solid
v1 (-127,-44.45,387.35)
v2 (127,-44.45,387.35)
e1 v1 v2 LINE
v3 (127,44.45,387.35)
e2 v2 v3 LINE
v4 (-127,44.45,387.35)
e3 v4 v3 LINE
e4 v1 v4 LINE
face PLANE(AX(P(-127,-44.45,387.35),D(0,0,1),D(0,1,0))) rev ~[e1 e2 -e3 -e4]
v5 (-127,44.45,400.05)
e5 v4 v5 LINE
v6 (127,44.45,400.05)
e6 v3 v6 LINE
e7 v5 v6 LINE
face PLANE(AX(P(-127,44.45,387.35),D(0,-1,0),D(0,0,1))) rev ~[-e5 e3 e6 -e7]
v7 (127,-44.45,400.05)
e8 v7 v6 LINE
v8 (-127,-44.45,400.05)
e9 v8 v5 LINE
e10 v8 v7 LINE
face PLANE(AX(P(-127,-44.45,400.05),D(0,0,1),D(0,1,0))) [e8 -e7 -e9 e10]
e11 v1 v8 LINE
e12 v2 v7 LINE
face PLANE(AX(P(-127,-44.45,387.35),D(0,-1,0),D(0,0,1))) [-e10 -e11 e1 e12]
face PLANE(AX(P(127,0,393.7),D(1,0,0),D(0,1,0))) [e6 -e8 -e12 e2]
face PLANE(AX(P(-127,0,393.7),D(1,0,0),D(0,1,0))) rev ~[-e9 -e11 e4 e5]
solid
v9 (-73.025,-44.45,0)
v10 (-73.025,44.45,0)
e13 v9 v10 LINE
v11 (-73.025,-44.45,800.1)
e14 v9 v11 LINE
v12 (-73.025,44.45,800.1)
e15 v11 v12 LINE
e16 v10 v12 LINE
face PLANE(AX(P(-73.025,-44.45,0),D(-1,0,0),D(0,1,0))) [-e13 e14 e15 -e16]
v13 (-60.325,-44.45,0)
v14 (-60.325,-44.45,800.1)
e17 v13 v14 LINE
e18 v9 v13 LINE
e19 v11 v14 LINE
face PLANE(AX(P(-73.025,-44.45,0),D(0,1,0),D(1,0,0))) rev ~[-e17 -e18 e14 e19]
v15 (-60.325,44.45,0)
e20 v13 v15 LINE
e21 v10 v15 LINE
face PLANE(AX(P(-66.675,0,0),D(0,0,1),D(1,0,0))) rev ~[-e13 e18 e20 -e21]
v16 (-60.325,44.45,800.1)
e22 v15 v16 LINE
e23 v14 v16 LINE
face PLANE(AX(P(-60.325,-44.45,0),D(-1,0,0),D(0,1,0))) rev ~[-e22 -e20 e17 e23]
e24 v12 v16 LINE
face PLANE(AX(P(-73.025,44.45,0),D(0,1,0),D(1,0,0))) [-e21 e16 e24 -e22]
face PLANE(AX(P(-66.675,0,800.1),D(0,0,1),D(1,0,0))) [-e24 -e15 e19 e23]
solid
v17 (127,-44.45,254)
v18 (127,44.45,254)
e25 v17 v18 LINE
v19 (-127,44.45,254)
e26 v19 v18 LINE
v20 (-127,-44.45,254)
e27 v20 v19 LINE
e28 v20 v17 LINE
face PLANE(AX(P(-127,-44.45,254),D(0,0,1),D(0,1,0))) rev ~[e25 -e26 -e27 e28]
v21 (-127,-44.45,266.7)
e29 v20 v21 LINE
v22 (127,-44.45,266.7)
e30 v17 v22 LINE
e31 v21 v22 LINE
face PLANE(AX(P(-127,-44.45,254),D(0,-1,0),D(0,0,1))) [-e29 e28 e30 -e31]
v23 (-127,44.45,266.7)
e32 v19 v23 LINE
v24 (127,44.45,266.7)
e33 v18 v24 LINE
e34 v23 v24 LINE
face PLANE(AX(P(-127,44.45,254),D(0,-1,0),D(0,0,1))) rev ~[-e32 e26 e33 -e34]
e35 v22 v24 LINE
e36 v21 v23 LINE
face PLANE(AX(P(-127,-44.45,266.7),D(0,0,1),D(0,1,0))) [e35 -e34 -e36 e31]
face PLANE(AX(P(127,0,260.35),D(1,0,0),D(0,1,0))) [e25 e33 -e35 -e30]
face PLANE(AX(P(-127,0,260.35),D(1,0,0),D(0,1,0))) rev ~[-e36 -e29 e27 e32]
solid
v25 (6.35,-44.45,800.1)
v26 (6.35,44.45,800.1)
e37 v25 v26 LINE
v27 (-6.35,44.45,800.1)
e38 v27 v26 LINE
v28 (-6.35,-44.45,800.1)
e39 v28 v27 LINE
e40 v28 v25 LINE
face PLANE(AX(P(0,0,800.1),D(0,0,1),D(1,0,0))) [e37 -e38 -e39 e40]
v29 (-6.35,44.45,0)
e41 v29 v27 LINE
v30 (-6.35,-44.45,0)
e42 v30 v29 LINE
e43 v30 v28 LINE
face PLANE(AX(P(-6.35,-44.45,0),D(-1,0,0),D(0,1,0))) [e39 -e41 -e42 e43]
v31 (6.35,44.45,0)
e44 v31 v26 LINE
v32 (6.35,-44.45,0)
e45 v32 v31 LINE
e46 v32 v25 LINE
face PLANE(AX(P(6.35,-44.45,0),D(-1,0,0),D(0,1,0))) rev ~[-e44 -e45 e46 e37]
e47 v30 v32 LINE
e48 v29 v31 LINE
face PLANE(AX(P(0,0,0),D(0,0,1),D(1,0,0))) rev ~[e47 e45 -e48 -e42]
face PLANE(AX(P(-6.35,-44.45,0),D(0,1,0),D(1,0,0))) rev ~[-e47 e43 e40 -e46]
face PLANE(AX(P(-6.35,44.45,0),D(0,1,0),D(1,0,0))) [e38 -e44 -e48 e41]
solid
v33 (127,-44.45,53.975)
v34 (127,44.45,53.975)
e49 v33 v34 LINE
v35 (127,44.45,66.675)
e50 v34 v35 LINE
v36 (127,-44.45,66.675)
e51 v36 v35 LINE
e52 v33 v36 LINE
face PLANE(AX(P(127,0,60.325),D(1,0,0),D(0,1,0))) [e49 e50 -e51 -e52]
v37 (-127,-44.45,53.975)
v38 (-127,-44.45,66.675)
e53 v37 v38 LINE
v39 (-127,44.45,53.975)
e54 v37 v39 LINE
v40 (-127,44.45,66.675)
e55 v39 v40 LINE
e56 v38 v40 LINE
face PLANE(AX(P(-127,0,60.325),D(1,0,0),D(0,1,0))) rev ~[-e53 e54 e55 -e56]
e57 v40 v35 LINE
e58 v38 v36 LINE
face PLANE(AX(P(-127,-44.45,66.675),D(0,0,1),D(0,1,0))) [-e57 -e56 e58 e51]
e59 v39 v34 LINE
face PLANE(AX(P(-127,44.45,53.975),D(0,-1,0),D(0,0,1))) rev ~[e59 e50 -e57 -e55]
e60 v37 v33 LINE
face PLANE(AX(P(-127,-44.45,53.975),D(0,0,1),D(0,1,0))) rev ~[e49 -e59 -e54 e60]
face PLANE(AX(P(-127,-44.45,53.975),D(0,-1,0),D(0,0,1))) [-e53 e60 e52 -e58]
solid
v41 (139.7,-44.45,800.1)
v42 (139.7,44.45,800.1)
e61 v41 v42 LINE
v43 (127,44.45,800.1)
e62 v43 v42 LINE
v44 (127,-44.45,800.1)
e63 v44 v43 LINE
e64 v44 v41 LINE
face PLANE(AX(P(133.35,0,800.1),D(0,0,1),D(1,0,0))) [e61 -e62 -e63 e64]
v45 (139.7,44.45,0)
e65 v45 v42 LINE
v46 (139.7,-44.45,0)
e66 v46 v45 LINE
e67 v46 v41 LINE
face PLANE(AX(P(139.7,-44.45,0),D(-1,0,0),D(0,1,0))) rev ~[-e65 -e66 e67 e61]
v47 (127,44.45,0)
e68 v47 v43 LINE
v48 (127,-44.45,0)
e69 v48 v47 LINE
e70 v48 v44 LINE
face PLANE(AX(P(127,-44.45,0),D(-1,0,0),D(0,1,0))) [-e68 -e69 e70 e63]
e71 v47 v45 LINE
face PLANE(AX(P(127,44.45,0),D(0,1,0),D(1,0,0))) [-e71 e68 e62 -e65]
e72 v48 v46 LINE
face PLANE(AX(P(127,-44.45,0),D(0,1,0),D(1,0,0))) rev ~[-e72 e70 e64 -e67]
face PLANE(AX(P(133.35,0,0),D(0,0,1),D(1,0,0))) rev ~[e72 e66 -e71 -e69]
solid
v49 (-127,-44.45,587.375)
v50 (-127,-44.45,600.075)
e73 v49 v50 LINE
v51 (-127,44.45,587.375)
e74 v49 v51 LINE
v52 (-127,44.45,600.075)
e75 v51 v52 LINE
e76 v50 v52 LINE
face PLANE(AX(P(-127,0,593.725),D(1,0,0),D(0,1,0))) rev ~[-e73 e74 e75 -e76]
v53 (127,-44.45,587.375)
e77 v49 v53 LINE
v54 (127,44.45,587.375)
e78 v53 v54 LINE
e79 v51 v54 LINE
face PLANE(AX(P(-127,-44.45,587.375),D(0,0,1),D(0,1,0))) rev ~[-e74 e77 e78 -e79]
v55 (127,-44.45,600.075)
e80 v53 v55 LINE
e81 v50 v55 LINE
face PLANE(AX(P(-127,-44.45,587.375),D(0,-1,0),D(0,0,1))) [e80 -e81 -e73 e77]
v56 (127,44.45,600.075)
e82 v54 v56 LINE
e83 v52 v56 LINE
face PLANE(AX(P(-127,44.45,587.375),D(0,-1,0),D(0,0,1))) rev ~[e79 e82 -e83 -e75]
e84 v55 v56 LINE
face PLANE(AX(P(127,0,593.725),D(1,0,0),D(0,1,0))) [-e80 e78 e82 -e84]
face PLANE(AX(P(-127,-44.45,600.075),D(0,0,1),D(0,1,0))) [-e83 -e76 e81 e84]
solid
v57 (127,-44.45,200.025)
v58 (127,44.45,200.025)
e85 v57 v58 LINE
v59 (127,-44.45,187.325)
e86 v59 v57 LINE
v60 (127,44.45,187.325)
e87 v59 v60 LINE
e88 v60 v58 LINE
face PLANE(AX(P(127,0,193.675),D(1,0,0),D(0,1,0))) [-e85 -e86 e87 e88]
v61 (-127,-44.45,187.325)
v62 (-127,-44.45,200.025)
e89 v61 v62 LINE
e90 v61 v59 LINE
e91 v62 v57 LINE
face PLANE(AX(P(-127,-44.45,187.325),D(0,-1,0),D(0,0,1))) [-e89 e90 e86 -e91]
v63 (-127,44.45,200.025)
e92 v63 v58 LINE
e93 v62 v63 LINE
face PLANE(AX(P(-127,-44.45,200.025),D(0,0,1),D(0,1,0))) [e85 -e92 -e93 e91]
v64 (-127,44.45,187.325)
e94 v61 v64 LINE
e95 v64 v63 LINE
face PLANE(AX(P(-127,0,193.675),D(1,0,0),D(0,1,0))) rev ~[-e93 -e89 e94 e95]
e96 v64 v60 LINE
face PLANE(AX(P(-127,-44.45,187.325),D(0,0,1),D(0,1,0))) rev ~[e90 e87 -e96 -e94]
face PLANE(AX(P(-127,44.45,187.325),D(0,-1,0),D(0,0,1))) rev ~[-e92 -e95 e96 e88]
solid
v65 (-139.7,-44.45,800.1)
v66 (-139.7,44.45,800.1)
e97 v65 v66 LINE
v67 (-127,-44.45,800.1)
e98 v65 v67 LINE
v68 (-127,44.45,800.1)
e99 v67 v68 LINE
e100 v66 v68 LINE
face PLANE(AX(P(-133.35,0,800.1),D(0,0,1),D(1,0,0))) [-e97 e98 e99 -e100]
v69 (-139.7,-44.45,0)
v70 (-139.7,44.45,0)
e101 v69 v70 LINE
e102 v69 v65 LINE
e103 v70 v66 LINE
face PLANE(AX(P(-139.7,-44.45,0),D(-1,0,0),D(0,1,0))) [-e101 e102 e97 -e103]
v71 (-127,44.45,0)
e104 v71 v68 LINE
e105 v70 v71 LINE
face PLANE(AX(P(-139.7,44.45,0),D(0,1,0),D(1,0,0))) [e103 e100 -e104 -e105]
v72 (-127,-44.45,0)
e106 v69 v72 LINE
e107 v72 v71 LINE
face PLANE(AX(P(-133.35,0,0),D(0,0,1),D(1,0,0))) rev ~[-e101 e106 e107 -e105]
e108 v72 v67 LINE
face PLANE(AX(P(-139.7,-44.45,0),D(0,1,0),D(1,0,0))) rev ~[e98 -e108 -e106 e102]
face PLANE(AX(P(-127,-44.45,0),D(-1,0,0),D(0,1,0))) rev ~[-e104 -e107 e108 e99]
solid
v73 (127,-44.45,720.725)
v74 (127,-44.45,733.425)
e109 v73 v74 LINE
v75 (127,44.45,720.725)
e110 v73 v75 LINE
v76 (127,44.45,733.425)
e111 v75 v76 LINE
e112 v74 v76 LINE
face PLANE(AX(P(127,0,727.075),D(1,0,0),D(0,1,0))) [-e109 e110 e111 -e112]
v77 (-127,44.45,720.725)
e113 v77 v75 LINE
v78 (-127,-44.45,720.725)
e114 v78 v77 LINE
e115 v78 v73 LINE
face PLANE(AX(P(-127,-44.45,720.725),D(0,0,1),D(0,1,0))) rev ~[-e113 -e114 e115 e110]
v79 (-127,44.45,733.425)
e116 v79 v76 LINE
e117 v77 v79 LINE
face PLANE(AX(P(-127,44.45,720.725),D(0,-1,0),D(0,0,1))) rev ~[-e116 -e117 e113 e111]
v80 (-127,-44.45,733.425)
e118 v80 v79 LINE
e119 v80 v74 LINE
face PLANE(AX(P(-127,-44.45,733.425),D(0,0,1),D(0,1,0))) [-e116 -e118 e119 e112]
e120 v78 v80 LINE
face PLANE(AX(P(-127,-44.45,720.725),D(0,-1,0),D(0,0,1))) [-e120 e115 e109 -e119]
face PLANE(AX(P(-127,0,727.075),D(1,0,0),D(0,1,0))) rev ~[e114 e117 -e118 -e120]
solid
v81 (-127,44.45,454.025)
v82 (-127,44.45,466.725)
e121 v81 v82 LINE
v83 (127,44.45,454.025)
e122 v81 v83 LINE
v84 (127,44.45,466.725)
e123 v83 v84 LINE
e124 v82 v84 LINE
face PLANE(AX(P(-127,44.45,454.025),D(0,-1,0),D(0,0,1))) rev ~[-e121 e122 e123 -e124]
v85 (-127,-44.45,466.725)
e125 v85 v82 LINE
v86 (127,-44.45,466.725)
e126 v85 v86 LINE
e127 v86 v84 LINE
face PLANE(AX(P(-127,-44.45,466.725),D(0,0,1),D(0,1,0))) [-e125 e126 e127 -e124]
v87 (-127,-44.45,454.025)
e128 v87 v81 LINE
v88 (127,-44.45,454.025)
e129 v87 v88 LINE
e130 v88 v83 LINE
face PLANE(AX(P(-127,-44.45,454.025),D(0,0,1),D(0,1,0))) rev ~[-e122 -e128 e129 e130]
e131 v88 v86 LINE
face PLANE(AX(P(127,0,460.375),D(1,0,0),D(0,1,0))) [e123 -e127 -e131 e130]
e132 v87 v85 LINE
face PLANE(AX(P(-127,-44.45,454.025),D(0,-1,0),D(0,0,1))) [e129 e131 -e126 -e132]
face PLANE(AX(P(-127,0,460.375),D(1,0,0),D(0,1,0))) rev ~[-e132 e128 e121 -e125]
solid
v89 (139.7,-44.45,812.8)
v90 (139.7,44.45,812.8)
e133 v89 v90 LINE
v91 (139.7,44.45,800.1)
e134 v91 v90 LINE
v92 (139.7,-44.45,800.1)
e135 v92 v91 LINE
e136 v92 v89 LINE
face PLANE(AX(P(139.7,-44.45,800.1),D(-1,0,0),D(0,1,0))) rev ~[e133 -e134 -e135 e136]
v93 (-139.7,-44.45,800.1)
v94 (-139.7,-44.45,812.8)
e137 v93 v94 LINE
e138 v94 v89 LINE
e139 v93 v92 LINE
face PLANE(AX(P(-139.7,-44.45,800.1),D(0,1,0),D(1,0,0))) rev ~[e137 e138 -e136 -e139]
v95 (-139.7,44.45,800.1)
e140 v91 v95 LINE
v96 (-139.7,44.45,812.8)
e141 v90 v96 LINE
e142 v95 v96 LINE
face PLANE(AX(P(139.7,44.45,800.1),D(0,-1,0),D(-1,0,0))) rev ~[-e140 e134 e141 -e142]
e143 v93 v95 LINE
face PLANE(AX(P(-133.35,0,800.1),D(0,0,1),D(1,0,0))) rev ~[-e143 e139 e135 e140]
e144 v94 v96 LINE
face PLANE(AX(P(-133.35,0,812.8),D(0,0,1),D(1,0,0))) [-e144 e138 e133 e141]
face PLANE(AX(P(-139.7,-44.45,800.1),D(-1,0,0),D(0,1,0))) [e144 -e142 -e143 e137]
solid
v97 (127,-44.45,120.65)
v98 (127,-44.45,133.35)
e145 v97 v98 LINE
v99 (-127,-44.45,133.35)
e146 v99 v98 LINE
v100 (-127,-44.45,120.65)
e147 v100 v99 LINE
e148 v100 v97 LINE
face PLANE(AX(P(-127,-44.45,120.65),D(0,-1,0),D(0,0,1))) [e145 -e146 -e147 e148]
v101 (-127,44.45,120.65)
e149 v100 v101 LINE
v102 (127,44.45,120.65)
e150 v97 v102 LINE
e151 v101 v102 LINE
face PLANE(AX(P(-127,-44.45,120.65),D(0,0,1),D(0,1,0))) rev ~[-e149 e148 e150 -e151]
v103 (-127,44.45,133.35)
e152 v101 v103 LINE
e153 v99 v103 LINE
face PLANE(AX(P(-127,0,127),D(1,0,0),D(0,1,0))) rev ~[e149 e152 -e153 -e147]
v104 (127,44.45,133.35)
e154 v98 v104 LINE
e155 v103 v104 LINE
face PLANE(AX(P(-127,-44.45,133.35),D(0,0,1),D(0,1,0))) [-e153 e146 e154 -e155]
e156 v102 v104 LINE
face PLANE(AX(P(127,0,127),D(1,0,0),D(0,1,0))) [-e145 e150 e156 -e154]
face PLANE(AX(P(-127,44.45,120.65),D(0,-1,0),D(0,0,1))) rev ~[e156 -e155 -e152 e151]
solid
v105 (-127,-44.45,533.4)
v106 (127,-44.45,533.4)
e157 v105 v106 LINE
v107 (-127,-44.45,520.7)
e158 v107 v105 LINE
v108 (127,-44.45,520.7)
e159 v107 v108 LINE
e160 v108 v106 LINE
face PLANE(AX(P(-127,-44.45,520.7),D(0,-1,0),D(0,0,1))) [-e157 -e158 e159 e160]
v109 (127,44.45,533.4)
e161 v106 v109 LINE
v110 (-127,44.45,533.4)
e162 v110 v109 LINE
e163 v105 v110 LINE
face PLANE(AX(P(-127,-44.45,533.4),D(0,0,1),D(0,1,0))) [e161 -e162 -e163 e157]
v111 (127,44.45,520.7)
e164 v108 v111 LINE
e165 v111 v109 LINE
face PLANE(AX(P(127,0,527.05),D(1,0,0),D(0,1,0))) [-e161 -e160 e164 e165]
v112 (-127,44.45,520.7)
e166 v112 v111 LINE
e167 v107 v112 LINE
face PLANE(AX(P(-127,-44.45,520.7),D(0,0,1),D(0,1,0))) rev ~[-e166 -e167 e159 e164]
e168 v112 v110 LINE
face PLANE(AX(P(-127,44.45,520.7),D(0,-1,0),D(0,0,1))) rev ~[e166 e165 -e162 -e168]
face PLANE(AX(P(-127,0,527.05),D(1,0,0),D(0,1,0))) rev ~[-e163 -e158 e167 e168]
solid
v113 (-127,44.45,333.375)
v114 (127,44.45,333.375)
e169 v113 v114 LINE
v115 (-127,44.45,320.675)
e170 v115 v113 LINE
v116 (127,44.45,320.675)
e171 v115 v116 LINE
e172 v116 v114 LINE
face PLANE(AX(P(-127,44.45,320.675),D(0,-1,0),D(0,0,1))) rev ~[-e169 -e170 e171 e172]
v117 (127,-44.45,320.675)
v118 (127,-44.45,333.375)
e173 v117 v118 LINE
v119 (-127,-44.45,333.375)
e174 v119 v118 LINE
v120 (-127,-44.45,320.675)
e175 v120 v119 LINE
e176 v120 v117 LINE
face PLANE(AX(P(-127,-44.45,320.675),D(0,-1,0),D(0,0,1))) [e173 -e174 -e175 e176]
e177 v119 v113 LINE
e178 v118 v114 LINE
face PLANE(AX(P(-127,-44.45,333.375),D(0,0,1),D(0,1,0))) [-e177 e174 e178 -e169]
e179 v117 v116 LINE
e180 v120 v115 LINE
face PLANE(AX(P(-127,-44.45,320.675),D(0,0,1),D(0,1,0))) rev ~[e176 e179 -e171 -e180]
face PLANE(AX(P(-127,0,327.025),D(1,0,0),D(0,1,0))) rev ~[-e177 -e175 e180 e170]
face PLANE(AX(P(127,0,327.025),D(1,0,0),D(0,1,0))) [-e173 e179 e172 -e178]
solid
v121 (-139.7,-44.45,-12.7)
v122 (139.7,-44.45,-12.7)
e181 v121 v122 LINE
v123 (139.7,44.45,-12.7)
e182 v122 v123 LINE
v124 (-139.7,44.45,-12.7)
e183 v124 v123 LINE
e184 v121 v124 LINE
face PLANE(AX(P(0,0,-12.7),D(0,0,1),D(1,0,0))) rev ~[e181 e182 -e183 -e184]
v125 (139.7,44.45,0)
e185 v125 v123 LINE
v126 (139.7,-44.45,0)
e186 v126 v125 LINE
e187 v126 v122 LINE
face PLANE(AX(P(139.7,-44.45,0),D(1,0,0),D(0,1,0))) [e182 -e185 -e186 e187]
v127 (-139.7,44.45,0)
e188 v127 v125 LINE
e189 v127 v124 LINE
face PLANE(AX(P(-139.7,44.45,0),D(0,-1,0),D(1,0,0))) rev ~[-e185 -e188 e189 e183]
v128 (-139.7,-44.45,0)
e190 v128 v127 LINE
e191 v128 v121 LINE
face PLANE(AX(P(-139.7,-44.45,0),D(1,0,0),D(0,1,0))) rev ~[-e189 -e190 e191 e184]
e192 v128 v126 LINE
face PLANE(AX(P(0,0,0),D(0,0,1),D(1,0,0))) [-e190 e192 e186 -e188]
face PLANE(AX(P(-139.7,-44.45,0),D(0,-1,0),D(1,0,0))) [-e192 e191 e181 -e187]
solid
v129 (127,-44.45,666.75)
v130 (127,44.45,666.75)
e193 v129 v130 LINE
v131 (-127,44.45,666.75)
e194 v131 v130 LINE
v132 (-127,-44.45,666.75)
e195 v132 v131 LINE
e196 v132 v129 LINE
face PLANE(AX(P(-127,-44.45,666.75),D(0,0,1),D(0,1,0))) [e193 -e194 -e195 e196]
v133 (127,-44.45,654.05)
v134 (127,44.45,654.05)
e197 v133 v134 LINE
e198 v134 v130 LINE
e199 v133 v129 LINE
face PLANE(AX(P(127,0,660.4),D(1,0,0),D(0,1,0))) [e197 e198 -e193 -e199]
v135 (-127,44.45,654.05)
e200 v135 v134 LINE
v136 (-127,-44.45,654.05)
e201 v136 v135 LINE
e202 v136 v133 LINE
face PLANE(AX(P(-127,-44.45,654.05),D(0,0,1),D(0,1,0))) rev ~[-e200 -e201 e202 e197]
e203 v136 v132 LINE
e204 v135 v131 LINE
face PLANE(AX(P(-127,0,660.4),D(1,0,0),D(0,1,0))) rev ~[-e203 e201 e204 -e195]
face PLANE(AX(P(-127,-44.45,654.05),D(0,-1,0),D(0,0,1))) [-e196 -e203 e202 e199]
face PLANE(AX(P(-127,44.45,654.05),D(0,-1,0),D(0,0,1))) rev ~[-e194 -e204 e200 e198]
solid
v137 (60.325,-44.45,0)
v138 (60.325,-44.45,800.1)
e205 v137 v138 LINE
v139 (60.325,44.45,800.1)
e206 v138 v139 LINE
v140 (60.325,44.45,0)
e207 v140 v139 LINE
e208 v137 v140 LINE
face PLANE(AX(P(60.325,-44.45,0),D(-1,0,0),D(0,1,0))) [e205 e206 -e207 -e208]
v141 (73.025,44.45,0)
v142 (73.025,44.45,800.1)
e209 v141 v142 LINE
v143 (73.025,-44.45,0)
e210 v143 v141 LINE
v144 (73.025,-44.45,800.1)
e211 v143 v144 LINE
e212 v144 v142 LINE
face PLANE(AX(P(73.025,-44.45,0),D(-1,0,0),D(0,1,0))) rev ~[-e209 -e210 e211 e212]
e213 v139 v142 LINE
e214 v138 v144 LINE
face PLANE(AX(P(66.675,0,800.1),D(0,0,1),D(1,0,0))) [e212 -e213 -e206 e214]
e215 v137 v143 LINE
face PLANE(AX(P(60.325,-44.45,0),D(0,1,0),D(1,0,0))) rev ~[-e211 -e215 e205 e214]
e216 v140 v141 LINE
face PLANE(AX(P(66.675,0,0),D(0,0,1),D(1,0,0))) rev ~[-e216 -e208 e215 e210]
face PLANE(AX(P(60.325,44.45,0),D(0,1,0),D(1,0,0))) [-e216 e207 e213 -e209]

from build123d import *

# Parameters (mm, degrees)
F0_W     = 12.7
F0_H     = 88.9
F1_DEPTH = 800.1
F2_W     = 279.4
F2_H     = 88.9
F3_DEPTH = 12.7
F4_W     = 88.9
F4_H     = 12.7
F5_DEPTH = 254
F6_W     = 12.7
F6_H     = 88.9
F6_W_2   = 266.7
F7_DEPTH = 12.7


with BuildPart() as f1:
    # F0 (on Top) → F1 (new body)
    with BuildSketch(Plane.XY):
        with Locations((-133.35, 0)):
            Rectangle(F0_W, F0_H)
        with Locations((-66.675, 0)):
            Rectangle(F0_W, F0_H)
        Rectangle(F0_W, F0_H)
        with Locations((133.35, 0)):
            Rectangle(F0_W, F0_H)
        with Locations((66.675, 0)):
            Rectangle(F0_W, F0_H)
    extrude(amount=F1_DEPTH)


with BuildPart() as f3:
    # F2 (on Top) → F3 (new body)
    with BuildSketch(Plane.XY):
        Rectangle(F2_W, F2_H)
    extrude(amount=-F3_DEPTH)


with BuildPart() as f5:
    # F4 (on face) → F5 (new body)
    with BuildSketch(Plane.YZ.offset(-127)):
        with Locations((0, 727.075)):
            Rectangle(F4_W, F4_H)
        with Locations((0, 660.4)):
            Rectangle(F4_W, F4_H)
        with Locations((0, 593.725)):
            Rectangle(F4_W, F4_H)
        with Locations((0, 527.05)):
            Rectangle(F4_W, F4_H)
        with Locations((0, 460.375)):
            Rectangle(F4_W, F4_H)
        with Locations((0, 393.7)):
            Rectangle(F4_W, F4_H)
        with Locations((0, 327.025)):
            Rectangle(F4_W, F4_H)
        with Locations((0, 260.35)):
            Rectangle(F4_W, F4_H)
        with Locations((0, 193.675)):
            Rectangle(F4_W, F4_H)
        with Locations((0, 127)):
            Rectangle(F4_W, F4_H)
        with Locations((0, 60.325)):
            Rectangle(F4_W, F4_H)
    extrude(amount=F5_DEPTH)


with BuildPart() as f7:
    # F6 (on face) → F7 (new body)
    with BuildSketch(Plane.XY.offset(800.1)):
        with Locations((-133.35, 0)):
            Rectangle(F6_W, F6_H)
        with Locations((6.35, 0)):
            Rectangle(F6_W_2, F6_H)
    extrude(amount=F7_DEPTH)


solid = Compound([f1.part, f3.part, f5.part, f7.part])
